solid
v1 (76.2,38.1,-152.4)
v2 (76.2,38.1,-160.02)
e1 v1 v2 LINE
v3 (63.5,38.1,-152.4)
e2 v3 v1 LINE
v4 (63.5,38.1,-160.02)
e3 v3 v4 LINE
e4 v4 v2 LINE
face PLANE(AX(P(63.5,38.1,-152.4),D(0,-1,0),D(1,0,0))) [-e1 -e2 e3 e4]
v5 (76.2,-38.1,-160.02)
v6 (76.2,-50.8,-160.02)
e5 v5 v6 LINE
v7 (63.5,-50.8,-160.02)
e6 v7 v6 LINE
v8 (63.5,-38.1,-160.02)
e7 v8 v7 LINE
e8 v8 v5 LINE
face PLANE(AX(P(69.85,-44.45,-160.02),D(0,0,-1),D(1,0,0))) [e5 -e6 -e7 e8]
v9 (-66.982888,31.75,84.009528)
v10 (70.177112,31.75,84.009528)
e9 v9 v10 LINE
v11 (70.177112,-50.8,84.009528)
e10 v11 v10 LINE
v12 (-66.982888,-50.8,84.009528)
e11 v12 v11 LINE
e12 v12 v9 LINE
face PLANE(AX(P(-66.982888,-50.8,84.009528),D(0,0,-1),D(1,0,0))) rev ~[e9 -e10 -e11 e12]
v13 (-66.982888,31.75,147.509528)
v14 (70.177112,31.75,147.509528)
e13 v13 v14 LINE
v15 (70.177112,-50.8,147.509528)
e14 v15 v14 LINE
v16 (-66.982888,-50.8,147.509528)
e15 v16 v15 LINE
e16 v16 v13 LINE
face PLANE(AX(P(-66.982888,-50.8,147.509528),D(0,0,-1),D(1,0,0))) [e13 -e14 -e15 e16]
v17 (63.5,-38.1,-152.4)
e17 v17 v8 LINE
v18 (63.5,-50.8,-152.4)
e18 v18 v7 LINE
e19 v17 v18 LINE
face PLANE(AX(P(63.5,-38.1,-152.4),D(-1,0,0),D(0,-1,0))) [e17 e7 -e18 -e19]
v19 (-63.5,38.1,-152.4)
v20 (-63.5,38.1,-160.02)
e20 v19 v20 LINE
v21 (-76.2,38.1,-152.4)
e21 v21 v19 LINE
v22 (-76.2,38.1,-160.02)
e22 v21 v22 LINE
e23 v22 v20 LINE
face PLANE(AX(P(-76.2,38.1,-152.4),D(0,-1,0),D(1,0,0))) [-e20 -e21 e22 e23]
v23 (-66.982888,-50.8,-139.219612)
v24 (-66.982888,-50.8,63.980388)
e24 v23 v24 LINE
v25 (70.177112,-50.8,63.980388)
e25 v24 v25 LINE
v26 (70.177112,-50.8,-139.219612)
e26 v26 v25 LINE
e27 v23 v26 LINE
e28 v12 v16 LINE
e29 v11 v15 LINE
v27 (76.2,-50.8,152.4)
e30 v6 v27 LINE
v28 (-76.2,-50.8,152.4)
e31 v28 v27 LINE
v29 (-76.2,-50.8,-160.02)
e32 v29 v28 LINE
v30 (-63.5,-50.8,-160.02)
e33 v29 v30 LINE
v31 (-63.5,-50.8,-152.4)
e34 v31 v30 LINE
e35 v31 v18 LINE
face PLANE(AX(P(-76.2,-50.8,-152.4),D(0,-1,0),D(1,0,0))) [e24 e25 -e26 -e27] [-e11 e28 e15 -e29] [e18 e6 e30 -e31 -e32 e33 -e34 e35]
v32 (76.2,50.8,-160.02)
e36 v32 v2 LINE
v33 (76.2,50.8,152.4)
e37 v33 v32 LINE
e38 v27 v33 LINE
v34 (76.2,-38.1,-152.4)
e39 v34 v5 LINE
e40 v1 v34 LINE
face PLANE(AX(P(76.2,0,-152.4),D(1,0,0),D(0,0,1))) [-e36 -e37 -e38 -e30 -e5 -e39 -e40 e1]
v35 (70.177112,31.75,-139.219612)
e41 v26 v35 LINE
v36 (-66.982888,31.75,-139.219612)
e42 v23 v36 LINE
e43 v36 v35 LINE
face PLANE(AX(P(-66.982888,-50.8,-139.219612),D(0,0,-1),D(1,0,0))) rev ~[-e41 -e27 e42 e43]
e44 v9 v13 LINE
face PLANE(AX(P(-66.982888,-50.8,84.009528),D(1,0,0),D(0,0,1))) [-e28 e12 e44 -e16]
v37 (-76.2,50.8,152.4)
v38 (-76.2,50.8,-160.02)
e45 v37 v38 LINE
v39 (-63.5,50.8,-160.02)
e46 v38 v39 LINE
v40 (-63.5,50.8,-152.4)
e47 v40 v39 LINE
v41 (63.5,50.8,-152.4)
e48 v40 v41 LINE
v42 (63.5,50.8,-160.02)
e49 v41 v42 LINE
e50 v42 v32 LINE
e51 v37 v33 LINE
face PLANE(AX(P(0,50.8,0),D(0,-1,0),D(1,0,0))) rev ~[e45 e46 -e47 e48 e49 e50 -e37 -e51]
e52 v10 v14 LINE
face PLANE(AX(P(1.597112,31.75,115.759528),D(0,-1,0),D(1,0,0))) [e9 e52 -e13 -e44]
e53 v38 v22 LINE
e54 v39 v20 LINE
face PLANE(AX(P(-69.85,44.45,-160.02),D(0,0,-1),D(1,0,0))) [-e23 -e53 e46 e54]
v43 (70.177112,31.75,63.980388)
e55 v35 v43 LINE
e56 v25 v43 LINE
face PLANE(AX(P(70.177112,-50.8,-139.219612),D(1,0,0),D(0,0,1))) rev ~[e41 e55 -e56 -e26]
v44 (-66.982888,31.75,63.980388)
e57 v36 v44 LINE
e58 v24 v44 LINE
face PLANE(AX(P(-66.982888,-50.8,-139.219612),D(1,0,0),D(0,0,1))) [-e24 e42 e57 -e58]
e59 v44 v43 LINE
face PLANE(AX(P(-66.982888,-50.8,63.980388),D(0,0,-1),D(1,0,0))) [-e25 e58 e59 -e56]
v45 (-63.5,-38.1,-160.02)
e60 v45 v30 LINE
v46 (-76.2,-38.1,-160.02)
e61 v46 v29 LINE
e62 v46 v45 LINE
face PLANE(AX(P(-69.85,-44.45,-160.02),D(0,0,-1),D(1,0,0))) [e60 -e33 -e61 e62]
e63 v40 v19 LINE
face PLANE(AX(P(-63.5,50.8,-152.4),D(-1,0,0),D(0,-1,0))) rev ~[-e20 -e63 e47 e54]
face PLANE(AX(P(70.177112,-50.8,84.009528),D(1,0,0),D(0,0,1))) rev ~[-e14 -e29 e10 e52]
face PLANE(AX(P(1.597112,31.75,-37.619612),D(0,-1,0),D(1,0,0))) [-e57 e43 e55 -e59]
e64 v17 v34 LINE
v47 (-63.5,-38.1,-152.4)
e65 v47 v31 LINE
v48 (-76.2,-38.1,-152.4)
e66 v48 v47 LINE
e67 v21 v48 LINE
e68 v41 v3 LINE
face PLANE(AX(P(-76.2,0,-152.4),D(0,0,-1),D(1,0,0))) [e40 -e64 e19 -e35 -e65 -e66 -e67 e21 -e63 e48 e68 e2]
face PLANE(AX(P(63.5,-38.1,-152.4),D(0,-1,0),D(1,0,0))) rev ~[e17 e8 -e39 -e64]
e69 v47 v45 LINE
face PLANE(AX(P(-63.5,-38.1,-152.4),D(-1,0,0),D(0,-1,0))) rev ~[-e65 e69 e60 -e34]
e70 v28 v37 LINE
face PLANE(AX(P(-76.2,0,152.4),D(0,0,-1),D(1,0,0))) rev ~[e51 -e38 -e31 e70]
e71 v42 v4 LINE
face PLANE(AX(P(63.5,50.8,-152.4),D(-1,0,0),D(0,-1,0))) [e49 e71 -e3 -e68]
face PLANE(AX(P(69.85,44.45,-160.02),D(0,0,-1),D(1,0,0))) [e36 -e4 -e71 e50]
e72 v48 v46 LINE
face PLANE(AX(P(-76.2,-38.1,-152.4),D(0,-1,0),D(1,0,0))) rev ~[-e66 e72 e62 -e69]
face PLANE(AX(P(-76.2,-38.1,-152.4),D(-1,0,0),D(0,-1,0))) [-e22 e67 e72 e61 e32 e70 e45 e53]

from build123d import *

# Parameters (mm, degrees)
F0_W     = 152.4
F0_H     = 304.8
F1_DEPTH = 50.8
F2_W     = 137.16
F2_H     = 63.5
F2_H_2   = 203.2
F3_DEPTH = 82.55
F4_W     = 12.7
F4_H     = 12.7
F5_DEPTH = 7.62


with BuildPart() as f1:
    # F0 (on Front) → F1 (new body, symmetric)
    with BuildSketch(Plane.XZ):
        Rectangle(F0_W, F0_H)
    extrude(amount=F1_DEPTH, both=True)

    # F2 (on face) → F3 (cut)
    with BuildSketch(Plane.XZ.offset(50.8)):
        with Locations((1.597112, 115.759528)):
            Rectangle(F2_W, F2_H)
        with Locations((1.597112, -37.619612)):
            Rectangle(F2_W, F2_H_2)
    extrude(amount=-F3_DEPTH, mode=Mode.SUBTRACT)

    # F4 (on face) → F5 (join)
    with BuildSketch(Plane(origin=(0, 0, -152.4), x_dir=(1, 0, 0), z_dir=(0, 0, -1))):
        with Locations((-69.85, 44.45)):
            Rectangle(F4_W, F4_H)
        with Locations((69.85, 44.45)):
            Rectangle(F4_W, F4_H)
        with Locations((-69.85, -44.45)):
            Rectangle(F4_W, F4_H)
        with Locations((69.85, -44.45)):
            Rectangle(F4_W, F4_H)
    extrude(amount=F5_DEPTH)


solid = f1.part
